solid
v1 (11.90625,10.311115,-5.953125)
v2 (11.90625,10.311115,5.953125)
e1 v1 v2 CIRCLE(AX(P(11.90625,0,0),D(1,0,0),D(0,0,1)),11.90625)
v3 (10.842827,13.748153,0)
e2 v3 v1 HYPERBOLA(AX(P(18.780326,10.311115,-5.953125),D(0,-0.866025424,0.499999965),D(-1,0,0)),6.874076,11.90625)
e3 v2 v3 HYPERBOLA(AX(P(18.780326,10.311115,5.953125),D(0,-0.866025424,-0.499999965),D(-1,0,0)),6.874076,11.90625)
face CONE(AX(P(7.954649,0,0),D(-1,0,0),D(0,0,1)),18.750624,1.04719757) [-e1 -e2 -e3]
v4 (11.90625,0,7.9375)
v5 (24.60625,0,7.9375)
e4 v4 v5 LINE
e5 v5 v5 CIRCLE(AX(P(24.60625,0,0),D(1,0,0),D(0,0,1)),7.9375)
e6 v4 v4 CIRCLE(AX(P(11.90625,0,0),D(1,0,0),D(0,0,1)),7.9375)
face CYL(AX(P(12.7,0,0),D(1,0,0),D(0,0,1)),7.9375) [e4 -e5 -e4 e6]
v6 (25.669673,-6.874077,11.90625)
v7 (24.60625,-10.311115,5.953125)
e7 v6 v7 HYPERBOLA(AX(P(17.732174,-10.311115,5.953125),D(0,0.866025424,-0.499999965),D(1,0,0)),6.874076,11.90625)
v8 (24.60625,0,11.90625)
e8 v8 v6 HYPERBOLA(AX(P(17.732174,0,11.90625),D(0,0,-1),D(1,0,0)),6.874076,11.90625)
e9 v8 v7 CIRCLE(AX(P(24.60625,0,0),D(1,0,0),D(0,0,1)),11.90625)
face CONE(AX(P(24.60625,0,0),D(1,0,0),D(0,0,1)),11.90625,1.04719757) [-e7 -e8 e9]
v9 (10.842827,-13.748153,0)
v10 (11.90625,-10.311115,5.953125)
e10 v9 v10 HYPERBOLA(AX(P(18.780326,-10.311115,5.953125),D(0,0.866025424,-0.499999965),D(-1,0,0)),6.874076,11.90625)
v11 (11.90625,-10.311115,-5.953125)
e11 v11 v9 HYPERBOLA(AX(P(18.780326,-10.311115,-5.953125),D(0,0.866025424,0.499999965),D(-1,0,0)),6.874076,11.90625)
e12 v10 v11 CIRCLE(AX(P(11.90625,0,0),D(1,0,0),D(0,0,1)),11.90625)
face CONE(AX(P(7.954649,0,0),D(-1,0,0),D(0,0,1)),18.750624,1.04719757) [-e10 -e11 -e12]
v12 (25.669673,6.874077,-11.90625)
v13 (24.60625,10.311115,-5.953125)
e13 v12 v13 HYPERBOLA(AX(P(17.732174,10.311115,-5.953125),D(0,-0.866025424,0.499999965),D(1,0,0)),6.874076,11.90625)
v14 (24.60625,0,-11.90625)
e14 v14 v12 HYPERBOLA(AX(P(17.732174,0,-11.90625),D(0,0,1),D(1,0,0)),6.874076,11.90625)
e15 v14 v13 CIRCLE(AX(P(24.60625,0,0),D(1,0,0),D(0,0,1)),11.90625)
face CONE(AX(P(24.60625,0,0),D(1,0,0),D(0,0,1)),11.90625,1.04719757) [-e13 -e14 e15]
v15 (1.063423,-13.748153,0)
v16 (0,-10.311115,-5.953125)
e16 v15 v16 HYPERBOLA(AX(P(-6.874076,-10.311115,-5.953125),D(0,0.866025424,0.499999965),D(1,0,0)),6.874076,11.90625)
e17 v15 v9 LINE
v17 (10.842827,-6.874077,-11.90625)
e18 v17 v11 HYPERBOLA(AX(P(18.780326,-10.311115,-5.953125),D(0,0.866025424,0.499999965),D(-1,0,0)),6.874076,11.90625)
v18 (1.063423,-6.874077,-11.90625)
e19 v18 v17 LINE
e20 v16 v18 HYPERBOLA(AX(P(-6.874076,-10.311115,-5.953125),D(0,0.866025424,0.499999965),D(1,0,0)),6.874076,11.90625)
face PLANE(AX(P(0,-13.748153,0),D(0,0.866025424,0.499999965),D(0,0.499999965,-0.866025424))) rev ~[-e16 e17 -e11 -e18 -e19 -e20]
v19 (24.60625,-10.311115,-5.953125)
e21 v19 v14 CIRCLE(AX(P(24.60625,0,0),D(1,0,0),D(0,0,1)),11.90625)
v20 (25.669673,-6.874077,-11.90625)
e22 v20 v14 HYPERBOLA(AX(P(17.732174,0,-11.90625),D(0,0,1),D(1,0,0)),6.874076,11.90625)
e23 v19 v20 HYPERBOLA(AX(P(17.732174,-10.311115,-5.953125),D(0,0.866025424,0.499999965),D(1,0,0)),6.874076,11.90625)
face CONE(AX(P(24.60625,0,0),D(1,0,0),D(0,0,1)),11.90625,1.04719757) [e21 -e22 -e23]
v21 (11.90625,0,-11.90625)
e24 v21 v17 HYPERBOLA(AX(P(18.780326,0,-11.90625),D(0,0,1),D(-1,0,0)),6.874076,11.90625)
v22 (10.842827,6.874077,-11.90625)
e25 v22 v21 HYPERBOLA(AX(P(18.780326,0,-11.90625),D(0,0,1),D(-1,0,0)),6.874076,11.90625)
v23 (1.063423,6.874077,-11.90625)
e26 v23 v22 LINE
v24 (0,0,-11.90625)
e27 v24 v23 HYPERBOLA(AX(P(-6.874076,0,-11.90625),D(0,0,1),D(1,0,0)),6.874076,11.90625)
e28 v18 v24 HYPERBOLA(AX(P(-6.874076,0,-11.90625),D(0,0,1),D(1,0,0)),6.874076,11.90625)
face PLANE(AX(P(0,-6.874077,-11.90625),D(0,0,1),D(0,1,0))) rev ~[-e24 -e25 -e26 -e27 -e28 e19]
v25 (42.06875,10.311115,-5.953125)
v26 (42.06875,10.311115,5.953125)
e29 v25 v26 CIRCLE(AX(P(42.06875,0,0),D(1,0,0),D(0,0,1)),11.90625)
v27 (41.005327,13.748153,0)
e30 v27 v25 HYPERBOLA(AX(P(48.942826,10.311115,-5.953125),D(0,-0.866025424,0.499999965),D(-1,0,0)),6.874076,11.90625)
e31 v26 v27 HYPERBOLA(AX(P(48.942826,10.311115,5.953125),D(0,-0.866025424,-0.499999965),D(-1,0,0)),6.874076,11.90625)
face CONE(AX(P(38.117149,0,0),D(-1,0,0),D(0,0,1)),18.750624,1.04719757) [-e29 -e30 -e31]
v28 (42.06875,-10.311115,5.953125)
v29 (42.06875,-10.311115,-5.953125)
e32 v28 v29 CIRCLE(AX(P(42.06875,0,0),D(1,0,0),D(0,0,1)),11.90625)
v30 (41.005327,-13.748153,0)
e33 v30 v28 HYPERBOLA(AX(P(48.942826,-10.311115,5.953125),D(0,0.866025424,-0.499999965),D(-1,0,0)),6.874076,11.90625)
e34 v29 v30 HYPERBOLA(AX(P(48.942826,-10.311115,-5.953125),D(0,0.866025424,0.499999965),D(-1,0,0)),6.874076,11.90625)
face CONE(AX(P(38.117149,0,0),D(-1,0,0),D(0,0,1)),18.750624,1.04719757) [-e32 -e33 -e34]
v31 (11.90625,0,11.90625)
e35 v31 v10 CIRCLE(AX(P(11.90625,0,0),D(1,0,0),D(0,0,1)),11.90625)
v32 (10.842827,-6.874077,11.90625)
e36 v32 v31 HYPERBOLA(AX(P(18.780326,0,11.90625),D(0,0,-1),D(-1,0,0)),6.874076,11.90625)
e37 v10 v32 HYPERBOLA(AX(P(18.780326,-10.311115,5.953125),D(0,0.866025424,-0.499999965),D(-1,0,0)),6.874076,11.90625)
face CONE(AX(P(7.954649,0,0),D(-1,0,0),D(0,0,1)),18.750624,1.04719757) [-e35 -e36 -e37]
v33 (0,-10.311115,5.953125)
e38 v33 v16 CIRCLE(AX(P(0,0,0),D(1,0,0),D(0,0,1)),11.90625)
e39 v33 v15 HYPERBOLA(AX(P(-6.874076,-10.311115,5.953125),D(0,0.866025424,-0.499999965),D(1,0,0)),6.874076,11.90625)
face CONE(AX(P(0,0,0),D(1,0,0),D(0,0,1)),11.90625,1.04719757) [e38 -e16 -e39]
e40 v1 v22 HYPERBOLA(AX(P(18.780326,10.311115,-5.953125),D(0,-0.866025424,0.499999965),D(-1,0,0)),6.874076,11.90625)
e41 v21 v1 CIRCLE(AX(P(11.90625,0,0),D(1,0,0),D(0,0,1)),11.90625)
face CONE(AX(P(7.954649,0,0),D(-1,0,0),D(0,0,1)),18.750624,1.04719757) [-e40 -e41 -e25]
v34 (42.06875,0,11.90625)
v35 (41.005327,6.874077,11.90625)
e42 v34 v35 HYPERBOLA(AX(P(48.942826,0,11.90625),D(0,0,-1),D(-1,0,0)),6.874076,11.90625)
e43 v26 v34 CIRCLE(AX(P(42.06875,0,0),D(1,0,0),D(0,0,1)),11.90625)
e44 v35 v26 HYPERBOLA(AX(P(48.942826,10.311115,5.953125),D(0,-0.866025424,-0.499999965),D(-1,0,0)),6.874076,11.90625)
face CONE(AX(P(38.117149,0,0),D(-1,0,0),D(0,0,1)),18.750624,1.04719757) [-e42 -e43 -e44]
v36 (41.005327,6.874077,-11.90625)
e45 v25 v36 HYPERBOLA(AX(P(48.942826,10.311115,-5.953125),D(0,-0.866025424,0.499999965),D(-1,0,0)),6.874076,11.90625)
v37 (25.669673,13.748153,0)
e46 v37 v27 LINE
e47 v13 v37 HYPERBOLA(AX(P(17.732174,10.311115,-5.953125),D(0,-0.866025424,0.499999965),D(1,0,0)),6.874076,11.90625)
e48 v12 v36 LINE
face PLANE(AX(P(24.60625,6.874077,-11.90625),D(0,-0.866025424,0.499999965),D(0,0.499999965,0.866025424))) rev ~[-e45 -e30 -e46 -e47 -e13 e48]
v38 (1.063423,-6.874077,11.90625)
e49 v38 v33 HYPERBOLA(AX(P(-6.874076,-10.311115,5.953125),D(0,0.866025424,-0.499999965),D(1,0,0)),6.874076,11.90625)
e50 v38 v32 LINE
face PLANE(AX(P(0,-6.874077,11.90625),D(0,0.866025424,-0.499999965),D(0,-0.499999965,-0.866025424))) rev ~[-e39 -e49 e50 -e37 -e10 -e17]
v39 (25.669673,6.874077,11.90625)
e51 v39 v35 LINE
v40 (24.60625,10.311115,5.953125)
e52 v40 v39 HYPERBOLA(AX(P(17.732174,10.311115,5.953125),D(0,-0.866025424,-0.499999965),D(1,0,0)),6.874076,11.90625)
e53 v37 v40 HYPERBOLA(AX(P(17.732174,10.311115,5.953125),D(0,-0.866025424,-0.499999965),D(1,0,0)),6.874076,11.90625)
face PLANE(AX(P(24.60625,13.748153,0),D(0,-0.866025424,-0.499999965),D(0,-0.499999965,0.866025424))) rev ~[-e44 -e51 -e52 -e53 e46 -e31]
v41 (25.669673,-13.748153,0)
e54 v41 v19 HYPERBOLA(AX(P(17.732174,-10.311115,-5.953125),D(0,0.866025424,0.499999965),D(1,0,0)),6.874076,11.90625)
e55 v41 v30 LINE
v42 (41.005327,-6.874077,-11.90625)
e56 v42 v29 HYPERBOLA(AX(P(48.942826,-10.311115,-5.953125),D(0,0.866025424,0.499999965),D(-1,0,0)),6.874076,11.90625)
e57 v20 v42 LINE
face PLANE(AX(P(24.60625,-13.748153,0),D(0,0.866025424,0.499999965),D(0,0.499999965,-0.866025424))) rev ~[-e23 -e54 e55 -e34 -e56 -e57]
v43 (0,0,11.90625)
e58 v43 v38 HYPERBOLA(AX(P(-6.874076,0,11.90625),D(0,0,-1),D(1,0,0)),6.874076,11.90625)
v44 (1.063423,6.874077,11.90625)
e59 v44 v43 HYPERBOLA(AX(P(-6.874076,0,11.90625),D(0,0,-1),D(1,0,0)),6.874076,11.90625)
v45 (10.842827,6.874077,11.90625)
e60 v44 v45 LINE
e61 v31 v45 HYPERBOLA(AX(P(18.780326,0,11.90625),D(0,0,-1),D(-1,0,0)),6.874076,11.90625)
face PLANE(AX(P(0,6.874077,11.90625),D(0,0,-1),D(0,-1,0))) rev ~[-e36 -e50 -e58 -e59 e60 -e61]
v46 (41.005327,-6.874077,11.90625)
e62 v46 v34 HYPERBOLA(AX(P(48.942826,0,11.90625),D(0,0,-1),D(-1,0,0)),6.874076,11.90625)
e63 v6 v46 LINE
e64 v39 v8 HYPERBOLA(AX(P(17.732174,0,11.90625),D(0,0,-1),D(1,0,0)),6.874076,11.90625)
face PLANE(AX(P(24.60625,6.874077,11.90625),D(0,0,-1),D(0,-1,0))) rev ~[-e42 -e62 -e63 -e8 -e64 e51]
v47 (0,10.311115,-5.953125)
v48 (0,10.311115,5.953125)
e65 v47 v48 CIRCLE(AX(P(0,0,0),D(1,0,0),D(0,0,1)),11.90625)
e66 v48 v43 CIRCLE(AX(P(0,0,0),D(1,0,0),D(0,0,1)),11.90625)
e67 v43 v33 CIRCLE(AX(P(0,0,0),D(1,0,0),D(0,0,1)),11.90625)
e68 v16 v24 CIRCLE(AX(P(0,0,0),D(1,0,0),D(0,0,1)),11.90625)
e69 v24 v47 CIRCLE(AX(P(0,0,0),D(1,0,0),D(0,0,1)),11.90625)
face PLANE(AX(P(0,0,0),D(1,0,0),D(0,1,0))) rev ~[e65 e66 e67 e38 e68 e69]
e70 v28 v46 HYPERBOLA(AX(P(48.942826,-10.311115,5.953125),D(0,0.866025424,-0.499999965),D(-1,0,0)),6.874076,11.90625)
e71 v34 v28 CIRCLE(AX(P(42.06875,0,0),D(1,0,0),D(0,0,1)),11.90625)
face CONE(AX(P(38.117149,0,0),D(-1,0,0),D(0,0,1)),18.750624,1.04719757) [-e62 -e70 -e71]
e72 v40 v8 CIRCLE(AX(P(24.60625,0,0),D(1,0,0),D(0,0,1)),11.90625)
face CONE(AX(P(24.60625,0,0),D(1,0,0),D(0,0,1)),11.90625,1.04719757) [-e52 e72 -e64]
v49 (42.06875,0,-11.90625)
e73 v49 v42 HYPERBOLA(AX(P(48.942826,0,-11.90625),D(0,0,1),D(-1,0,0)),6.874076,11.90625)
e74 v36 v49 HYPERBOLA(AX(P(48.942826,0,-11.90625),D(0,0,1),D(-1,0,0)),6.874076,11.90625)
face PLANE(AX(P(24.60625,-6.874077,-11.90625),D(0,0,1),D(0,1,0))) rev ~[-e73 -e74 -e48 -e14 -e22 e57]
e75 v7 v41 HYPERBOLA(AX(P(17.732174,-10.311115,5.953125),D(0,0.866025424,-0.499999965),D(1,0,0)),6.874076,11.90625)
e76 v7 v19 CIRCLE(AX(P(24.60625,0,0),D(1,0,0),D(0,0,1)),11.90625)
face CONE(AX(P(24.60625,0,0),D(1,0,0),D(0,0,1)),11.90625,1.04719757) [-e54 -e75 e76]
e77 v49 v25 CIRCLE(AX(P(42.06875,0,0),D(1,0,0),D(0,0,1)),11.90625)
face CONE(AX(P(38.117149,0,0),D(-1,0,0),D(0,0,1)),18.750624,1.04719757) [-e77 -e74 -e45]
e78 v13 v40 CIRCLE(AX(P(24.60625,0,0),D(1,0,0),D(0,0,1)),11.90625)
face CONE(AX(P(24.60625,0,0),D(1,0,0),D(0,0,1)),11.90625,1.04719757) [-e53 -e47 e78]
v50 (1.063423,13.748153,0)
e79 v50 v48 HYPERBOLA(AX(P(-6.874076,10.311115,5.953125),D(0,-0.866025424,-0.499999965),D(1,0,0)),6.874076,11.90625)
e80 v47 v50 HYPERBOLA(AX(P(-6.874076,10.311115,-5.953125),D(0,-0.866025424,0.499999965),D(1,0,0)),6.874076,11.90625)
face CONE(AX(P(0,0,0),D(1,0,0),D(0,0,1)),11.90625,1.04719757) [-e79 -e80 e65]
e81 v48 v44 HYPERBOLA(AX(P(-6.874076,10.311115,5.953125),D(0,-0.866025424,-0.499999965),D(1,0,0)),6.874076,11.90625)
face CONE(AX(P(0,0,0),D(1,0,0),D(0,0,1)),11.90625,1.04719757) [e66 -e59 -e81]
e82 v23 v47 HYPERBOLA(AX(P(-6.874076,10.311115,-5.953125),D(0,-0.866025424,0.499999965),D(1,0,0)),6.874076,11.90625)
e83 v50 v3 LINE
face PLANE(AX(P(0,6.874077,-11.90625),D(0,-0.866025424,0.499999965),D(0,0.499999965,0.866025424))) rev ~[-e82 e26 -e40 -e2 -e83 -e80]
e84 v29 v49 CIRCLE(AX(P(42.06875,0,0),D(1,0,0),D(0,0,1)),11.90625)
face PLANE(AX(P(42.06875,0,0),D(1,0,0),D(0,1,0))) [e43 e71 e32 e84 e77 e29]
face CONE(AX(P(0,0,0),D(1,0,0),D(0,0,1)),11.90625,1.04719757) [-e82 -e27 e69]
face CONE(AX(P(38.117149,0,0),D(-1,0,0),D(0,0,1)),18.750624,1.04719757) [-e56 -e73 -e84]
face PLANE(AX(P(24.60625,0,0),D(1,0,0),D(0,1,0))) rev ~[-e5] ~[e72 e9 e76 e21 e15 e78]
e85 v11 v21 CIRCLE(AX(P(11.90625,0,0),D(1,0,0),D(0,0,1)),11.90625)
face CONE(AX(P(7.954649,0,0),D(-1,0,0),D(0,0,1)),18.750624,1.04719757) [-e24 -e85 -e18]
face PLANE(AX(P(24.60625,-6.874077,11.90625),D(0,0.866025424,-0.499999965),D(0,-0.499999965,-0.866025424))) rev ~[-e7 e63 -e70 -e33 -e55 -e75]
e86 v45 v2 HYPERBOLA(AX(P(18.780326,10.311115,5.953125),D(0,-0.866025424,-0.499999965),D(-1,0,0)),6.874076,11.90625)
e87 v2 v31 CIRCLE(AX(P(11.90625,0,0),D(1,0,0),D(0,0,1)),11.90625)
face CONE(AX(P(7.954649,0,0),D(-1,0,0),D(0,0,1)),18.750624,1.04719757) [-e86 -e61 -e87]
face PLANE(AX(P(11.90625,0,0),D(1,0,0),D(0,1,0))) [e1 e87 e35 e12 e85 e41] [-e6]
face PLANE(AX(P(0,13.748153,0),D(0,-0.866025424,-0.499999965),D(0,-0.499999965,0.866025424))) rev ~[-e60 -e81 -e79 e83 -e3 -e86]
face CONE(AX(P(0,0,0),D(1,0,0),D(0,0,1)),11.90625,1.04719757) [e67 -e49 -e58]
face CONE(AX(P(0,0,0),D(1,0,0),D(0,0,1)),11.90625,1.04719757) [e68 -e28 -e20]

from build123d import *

# Parameters (mm, degrees)
F0_W     = 25.4
F0_H     = 7.9375
F3_DEPTH = 11.90625
F6_DEPTH = 17.4625


with BuildPart() as f1:
    # F0 (on Front) → F1 (revolve)
    with BuildSketch(Plane.XZ):
        with Locations((12.7, 3.96875)):
            Rectangle(F0_W, F0_H)
    revolve(axis=Axis((12.7, 0, 0), (1, 0, 0)))

    # F2 (on Right) → F3 (join)
    with BuildSketch(Plane.YZ):
        Polygon((6.874077, 11.90625), (-6.874077, 11.90625), (-13.748153, 0), (-6.874077, -11.90625), (6.874077, -11.90625), (13.748153, 0), align=None)
    extrude(amount=F3_DEPTH)

    # F5 (on offset) → F6 (join)
    with BuildSketch(Plane.YZ.offset(24.60625)):
        Polygon((6.874077, -11.90625), (13.748153, 0), (6.874077, 11.90625), (-6.874077, 11.90625), (-13.748153, 0), (-6.874077, -11.90625), align=None)
    extrude(amount=F6_DEPTH)

    # F7 (on Front) → F8 (revolve, cut)
    with BuildSketch(Plane.XZ):
        Polygon((0, 18.750624), (0, 11.90625), (3.951601, 18.750624), align=None)
        Polygon((7.954649, 18.750624), (11.90625, 11.90625), (11.90625, 18.750624), align=None)
        Polygon((24.60625, 18.750624), (24.60625, 11.90625), (28.557851, 18.750624), align=None)
        Polygon((42.06875, 11.90625), (42.06875, 18.750624), (38.117149, 18.750624), align=None)
    revolve(axis=Axis((39.392542, 0, 0), (1, 0, 0)), mode=Mode.SUBTRACT)


solid = f1.part
